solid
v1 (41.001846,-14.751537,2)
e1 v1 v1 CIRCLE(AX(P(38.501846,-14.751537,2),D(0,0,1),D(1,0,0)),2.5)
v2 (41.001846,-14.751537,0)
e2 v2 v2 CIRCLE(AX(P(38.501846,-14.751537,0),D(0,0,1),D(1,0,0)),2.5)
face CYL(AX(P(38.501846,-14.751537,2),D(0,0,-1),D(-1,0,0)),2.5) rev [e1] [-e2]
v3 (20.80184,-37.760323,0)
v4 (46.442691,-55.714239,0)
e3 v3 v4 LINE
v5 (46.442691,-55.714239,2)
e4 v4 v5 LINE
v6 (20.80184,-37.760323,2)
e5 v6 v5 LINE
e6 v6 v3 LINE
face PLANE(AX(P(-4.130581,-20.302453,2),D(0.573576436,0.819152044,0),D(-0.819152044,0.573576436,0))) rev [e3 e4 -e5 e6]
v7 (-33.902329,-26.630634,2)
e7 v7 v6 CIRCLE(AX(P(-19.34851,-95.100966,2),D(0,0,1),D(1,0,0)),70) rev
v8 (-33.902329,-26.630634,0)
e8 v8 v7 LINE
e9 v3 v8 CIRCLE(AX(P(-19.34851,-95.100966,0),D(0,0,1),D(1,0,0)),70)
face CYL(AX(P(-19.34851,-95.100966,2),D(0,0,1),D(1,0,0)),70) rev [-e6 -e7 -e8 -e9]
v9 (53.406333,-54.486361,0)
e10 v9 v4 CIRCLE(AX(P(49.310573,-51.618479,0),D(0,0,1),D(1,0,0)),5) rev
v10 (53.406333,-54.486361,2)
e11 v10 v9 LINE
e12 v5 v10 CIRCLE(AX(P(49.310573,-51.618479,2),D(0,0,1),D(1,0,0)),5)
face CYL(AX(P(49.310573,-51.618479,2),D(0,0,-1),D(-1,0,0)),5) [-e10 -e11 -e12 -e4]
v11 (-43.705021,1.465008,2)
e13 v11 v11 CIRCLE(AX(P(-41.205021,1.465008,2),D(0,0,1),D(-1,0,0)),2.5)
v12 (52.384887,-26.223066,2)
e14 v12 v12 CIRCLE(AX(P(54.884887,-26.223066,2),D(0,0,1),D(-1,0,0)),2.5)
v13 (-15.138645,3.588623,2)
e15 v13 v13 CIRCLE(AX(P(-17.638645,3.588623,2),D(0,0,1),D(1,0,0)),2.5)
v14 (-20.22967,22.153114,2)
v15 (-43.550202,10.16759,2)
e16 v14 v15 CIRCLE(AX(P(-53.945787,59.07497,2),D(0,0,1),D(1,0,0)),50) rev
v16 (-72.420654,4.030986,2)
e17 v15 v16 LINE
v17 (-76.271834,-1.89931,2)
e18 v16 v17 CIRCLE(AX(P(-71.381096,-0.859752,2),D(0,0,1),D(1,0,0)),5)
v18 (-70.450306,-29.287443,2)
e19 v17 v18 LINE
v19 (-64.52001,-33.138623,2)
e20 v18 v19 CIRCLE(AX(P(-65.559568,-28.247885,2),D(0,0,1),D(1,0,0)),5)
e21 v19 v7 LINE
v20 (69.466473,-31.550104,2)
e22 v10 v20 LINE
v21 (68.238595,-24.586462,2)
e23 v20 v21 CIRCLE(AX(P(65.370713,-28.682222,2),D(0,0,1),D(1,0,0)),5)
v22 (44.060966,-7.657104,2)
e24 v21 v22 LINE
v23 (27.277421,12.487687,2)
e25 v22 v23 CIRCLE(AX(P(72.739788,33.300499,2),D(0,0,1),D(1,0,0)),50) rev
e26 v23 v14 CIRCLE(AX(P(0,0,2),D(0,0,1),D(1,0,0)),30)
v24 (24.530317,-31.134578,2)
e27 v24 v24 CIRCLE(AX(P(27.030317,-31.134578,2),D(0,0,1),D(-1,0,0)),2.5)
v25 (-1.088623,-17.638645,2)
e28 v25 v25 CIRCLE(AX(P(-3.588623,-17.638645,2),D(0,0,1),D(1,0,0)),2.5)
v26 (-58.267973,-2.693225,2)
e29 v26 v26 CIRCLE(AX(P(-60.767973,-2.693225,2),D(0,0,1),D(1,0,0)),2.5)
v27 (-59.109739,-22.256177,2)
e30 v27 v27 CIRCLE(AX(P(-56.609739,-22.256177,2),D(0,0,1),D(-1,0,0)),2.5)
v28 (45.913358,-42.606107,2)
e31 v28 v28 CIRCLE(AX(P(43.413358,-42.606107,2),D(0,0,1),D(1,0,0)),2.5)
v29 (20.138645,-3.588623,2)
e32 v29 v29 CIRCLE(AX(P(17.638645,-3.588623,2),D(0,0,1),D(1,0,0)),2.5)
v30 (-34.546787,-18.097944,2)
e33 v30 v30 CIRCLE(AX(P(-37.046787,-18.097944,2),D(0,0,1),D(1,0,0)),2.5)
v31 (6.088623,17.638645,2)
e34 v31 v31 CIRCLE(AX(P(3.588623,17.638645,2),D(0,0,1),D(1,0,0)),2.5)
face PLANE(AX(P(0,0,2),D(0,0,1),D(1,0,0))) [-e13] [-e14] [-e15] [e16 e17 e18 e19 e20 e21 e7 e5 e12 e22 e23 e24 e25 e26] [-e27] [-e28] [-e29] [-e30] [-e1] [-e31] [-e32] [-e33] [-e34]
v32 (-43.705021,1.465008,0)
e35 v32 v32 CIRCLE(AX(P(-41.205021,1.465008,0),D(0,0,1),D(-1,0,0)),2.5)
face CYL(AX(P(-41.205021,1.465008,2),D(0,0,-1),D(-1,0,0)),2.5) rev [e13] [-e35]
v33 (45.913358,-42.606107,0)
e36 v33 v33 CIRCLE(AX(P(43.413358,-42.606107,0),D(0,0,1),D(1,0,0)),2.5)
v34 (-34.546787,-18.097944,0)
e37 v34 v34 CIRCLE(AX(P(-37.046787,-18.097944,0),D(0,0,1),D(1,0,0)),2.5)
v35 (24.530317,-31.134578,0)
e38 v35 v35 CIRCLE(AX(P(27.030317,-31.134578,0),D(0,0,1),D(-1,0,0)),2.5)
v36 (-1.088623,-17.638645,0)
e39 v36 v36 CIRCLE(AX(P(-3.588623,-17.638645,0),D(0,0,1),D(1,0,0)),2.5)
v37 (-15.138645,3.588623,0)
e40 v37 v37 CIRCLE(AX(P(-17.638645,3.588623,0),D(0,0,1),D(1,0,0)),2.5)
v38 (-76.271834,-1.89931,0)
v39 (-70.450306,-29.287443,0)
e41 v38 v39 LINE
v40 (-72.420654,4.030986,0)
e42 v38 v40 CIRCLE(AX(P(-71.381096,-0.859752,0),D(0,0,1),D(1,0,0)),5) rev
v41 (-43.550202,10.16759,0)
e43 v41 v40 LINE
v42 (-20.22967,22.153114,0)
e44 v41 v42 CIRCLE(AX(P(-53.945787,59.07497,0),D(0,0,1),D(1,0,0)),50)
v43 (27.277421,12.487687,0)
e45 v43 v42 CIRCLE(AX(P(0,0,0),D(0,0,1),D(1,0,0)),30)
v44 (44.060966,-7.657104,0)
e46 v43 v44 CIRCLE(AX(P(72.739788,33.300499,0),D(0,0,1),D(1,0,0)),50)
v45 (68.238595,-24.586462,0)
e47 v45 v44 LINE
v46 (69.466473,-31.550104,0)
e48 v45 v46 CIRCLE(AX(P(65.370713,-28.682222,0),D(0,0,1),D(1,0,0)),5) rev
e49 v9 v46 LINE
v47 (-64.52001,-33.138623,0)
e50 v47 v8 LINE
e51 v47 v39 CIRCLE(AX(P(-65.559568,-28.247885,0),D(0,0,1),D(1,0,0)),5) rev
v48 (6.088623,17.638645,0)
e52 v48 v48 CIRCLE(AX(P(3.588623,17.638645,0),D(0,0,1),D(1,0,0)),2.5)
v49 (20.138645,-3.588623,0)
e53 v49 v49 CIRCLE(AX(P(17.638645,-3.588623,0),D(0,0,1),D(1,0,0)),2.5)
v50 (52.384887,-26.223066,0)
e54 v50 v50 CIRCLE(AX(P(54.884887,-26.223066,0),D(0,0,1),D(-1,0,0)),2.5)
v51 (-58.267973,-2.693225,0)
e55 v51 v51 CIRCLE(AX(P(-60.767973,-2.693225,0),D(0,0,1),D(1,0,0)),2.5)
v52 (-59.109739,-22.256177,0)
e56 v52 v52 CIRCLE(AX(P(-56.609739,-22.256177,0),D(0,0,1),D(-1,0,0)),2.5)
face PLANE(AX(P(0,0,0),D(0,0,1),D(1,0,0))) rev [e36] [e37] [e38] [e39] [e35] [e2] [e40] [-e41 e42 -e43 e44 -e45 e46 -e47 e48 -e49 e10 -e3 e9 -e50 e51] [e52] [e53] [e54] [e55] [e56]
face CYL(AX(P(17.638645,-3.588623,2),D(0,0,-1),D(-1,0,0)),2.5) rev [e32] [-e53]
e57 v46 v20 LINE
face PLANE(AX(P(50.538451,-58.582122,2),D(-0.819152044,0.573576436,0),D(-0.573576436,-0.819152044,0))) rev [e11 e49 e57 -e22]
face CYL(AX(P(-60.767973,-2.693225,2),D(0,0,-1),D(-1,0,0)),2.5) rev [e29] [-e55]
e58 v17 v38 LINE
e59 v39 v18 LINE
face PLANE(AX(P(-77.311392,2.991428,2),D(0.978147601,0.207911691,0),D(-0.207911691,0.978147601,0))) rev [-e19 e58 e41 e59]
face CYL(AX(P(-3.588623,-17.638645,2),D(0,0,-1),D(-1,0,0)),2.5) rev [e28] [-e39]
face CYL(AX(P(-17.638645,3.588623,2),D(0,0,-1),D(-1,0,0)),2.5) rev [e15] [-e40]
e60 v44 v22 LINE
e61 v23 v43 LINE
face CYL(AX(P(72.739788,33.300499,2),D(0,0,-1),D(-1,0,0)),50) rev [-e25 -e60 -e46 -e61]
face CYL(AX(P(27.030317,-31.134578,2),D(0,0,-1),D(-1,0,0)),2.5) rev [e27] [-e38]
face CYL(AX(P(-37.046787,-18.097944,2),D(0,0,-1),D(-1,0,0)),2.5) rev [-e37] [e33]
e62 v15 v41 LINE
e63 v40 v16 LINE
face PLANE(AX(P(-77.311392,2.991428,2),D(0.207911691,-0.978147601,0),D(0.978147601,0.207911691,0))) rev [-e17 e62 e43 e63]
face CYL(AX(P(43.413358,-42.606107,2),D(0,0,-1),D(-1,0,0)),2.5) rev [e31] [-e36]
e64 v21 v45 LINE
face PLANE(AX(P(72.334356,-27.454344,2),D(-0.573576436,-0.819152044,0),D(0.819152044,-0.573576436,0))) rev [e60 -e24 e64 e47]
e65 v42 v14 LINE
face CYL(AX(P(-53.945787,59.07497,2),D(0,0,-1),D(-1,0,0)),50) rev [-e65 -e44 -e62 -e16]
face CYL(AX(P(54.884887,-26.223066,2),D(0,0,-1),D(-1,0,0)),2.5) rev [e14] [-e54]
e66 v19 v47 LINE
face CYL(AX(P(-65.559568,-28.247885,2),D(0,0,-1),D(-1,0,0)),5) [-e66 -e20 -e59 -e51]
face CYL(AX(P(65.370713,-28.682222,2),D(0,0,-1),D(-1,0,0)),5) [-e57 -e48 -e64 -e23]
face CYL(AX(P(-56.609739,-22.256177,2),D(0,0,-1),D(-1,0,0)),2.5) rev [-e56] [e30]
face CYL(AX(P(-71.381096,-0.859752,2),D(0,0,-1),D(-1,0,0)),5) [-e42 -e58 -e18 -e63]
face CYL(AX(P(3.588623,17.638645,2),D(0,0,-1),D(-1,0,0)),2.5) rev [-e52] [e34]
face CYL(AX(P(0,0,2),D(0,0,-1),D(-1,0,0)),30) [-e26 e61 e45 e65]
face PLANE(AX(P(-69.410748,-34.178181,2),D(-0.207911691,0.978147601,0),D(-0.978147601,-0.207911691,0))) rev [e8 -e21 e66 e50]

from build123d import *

# Parameters (mm, degrees)
SKETCH1_R           = 2.5
BOSS_EXTRUDE1_DEPTH = 2
FILLET1_R           = 50
FILLET2_R           = 70
FILLET3_R           = 5


with BuildPart() as part:
    # Sketch1 → Boss-Extrude1 (new body)
    with BuildSketch(Plane.XY):
        with BuildLine():
            Line((-77.311392181, 2.991427603), (-69.410747929, -34.178181225))
            Line((-69.410747929, -34.178181225), (-4.13058082, -20.302453359))
            Line((-4.13058082, -20.302453359), (50.538451031, -58.582121568))
            Line((50.538451031, -58.582121568), (72.334355612, -27.454343885))
            Line((72.334355612, -27.454343885), (29.915692131, 2.247524046))
            ThreePointArc((29.915692131, 2.247524046), (5.981038033, 29.397741139), (-26.659362194, 13.757848938))
            Line((-26.659362194, 13.757848938), (-77.311392181, 2.991427603))
        make_face()
        with Locations((-60.767972952, -2.693225442)):
            Circle(SKETCH1_R, mode=Mode.SUBTRACT)
        with Locations(Location((-56.609739136, -22.256177456, 0), (0, 0, 180))):
            Circle(SKETCH1_R, mode=Mode.SUBTRACT)
        with Locations((-37.046787121, -18.09794364)):
            Circle(SKETCH1_R, mode=Mode.SUBTRACT)
        with Locations(Location((-41.205020938, 1.465008375, 0), (0, 0, 180))):
            Circle(SKETCH1_R, mode=Mode.SUBTRACT)
        with Locations((38.501846135, -14.751537011)):
            Circle(SKETCH1_R, mode=Mode.SUBTRACT)
        with Locations(Location((27.030317408, -31.134577897, 0), (0, 0, 180))):
            Circle(SKETCH1_R, mode=Mode.SUBTRACT)
        with Locations((43.413358294, -42.606106624)):
            Circle(SKETCH1_R, mode=Mode.SUBTRACT)
        with Locations(Location((54.884887021, -26.223065738, 0), (0, 0, 180))):
            Circle(SKETCH1_R, mode=Mode.SUBTRACT)
        with Locations((3.58862282, 17.638644683)):
            Circle(SKETCH1_R, mode=Mode.SUBTRACT)
        with Locations((17.638644683, -3.58862282)):
            Circle(SKETCH1_R, mode=Mode.SUBTRACT)
        with Locations((-3.58862282, -17.638644683)):
            Circle(SKETCH1_R, mode=Mode.SUBTRACT)
        with Locations((-17.638644683, 3.58862282)):
            Circle(SKETCH1_R, mode=Mode.SUBTRACT)
    extrude(amount=BOSS_EXTRUDE1_DEPTH)

    # Fillet1
    fillet1_edges = [part.edges().sort_by_distance(p)[0] for p in [
        (-26.659362194, 13.757848938, 1),
        (29.915692131, 2.247524046, 1),
    ]]
    fillet(fillet1_edges, radius=FILLET1_R)

    # Fillet2
    fillet2_edges = [part.edges().sort_by_distance(p)[0] for p in [
        (-4.13058082, -20.302453359, 1),
    ]]
    fillet(fillet2_edges, radius=FILLET2_R)

    # Fillet3
    fillet3_edges = [part.edges().sort_by_distance(p)[0] for p in [
        (72.334355612, -27.454343885, 1),
        (50.538451031, -58.582121568, 1),
        (-69.410747929, -34.178181225, 1),
        (-77.311392181, 2.991427603, 1),
    ]]
    fillet(fillet3_edges, radius=FILLET3_R)


solid = part.part
